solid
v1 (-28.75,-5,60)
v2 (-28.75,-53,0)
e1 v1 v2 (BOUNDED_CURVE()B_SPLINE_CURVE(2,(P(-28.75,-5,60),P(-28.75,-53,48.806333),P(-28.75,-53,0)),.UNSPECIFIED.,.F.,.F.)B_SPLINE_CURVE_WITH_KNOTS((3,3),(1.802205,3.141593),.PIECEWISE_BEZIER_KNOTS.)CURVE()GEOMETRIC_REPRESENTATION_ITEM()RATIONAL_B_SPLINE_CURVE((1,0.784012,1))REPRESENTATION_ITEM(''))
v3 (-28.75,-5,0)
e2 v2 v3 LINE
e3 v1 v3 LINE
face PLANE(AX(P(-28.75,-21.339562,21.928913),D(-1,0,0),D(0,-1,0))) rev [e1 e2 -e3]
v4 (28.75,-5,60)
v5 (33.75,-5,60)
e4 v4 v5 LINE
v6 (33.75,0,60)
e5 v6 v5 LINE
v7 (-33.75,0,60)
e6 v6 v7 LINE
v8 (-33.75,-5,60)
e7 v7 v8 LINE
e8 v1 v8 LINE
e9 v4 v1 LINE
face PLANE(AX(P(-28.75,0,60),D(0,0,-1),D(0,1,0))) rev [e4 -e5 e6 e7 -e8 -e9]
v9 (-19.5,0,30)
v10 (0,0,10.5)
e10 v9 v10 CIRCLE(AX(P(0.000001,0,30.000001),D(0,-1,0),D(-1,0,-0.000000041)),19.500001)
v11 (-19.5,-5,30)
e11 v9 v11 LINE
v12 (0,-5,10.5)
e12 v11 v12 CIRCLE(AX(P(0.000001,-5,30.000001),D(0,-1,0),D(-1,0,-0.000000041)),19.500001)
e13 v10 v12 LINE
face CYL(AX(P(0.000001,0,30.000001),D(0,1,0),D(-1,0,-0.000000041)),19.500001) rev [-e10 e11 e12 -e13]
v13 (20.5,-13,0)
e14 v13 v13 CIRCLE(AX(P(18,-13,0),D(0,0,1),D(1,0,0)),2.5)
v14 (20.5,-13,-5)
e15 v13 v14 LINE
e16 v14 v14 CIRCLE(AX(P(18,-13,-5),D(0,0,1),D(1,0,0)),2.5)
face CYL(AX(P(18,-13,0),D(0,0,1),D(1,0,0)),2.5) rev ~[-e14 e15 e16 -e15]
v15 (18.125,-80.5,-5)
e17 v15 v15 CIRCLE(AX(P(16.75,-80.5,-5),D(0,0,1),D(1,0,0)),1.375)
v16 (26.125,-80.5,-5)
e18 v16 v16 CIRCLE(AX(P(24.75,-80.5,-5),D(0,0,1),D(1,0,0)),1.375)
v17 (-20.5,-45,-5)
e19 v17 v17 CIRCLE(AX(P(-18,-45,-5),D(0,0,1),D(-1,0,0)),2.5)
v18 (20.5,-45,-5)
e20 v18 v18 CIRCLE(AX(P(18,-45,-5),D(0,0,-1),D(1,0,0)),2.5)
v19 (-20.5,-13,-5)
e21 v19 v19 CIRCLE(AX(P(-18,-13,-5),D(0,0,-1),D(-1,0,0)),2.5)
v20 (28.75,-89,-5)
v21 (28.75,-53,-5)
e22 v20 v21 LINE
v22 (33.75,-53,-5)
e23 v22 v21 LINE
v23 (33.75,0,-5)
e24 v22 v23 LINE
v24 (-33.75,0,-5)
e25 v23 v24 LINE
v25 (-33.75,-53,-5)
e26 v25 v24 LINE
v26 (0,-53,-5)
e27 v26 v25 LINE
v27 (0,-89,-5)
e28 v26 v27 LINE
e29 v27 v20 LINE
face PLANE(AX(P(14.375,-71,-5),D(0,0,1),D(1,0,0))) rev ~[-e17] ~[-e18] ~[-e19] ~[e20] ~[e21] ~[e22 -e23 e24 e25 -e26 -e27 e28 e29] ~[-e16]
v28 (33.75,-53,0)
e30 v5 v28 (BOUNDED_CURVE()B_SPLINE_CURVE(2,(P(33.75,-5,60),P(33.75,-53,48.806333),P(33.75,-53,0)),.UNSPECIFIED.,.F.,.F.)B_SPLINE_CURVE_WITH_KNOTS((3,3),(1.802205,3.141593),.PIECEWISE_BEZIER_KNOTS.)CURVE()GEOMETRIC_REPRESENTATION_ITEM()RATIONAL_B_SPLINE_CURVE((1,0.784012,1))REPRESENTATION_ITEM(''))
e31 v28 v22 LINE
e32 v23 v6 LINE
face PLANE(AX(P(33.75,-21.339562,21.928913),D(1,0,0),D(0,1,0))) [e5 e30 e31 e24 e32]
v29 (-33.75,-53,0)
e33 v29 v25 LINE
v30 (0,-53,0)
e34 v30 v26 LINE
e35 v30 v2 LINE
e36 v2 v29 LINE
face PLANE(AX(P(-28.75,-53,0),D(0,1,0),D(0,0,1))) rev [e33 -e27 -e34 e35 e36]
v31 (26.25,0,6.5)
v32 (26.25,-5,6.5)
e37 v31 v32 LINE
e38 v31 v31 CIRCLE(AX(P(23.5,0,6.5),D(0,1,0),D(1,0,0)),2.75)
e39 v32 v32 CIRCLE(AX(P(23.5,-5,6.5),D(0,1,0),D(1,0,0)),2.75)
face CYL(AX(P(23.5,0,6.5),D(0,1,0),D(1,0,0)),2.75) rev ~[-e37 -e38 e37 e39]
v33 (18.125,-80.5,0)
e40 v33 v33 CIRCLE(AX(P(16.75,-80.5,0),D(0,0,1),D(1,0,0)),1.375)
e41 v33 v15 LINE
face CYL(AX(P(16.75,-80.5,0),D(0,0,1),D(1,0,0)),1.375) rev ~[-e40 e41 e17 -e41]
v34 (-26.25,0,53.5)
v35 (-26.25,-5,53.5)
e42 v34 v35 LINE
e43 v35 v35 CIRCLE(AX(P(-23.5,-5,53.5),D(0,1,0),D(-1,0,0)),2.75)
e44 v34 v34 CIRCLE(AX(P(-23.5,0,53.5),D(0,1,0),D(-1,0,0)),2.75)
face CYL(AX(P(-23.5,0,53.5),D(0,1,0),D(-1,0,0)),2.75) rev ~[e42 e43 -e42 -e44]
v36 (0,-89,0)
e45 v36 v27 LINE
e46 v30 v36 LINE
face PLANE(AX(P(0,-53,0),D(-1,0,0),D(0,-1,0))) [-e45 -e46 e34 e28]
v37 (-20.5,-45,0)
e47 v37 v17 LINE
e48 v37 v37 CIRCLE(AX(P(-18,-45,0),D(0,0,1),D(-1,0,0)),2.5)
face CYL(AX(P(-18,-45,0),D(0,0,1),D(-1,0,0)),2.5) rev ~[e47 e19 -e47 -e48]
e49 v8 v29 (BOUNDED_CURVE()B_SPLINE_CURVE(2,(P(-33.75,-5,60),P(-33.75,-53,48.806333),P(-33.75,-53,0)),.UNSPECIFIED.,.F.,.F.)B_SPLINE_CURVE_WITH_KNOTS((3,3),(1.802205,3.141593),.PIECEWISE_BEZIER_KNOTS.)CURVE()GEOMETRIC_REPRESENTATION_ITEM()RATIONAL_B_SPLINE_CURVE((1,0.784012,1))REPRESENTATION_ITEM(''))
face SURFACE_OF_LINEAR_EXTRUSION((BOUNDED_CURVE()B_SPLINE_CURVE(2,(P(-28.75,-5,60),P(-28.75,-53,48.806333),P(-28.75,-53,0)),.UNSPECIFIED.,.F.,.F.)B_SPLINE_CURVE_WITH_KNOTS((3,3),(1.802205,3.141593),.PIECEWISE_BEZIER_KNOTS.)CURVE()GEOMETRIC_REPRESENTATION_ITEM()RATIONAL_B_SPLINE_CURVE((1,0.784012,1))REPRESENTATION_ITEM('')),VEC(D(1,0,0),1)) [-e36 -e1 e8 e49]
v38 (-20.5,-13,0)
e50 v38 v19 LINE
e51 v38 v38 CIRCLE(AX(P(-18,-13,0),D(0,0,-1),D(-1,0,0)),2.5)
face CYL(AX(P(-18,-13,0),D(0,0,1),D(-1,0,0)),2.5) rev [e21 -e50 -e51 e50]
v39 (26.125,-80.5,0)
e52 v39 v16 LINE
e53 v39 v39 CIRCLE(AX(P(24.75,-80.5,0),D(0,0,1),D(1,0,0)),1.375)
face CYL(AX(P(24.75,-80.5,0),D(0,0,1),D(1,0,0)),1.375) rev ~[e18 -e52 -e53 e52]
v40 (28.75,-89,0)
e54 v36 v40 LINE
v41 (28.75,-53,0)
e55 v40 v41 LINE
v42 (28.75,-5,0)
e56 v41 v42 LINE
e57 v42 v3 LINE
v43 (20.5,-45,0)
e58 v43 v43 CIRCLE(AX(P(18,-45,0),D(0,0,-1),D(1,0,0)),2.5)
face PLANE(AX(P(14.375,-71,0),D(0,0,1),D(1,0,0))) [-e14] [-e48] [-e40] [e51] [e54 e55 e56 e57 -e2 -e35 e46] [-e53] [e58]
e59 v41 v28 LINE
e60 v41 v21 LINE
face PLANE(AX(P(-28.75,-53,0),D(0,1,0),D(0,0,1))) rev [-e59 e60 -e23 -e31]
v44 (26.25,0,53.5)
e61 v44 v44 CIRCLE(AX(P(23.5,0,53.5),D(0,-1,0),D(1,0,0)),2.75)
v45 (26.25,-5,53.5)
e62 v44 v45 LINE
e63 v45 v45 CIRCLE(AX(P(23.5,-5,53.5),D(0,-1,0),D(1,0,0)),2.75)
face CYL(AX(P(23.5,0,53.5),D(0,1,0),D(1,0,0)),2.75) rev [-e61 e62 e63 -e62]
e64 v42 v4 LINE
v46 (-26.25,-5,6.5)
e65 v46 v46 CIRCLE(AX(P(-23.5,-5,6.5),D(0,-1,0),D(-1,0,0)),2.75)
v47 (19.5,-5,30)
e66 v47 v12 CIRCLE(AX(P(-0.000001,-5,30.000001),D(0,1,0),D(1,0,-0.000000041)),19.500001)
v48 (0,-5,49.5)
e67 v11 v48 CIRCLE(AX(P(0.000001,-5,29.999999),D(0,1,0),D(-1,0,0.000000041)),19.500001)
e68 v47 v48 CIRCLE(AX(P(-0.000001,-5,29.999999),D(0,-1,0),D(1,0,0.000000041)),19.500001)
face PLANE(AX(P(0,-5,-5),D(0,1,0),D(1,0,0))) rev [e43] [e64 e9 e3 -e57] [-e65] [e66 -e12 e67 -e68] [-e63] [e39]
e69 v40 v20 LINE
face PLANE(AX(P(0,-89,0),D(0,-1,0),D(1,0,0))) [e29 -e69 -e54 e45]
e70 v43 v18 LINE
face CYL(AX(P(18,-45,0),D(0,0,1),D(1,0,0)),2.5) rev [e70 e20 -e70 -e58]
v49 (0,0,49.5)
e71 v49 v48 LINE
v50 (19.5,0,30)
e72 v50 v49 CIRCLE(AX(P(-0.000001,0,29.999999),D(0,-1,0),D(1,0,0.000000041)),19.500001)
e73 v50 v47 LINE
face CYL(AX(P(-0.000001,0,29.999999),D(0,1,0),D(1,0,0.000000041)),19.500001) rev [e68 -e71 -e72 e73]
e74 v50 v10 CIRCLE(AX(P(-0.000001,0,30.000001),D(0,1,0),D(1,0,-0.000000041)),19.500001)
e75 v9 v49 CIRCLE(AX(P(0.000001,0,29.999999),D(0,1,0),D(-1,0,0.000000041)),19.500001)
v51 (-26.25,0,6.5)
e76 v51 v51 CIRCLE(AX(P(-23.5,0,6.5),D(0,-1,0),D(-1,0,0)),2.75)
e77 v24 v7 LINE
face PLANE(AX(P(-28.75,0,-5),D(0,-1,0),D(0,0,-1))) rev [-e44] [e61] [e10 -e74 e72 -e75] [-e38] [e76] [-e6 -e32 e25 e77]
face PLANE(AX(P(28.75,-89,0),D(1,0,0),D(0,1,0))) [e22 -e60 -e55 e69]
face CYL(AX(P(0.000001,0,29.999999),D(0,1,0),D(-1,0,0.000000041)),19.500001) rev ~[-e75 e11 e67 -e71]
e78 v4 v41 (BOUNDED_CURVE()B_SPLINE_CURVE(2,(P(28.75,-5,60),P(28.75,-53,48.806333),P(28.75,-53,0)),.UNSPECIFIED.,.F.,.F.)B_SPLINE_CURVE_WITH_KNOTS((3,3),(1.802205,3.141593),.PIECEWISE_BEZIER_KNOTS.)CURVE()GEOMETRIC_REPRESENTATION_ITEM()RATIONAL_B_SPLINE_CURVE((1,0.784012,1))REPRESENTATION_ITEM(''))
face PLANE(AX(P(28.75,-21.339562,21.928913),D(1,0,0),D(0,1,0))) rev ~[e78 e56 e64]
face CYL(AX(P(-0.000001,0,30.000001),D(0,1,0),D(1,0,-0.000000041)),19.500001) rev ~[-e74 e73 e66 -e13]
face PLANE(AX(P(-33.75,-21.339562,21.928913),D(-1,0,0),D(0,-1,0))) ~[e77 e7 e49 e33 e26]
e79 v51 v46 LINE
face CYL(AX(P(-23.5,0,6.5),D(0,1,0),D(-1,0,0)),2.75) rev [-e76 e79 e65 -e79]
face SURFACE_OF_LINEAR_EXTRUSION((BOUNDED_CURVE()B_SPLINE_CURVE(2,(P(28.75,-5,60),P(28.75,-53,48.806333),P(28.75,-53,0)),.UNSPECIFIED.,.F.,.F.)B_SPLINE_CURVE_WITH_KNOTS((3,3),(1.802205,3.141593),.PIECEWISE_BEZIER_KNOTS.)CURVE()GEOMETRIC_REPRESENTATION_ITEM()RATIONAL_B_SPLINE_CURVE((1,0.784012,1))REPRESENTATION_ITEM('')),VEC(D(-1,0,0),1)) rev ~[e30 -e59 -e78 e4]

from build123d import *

# Parameters (mm, degrees)
SKETCH006_R                = 2.75
PAD003_DEPTH               = 5
SKETCH006_MIRRORED003_2_R  = 2.75
PAD003_MIRRORED003_2_DEPTH = 5
BOX_W                      = 32.75
BOX_H                      = 5
BOX_DEPTH                  = 5
SKETCH007_W                = 28.75
SKETCH007_H                = 24
SKETCH007_R                = 2.5
PAD004_DEPTH               = 5
SKETCH007_MIRRORED006_2_W  = 28.75
SKETCH007_MIRRORED006_2_H  = 24
SKETCH007_MIRRORED006_2_R  = 2.5
PAD004_MIRRORED006_2_DEPTH = 5
PAD005_DEPTH               = 5
SKETCH009_R                = 1.375
PAD006_DEPTH               = 5


with BuildPart() as part:
    # Sketch006 → Pad003 (new body)
    with BuildSketch(Plane(origin=(0, 0, 30), x_dir=(1, 0, 0), z_dir=(0, -1, 0))):
        with BuildLine():
            ThreePointArc((19.5, 0), (13.788582, 13.788582), (0, 19.5))
            Line((0, 19.5), (0, 30))
            Line((28.75, 30), (0, 30))
            Line((28.75, 30), (28.75, 0))
            Line((19.5, 0), (28.75, 0))
        make_face()
        with Locations((23.5, 23.5)):
            Circle(SKETCH006_R, mode=Mode.SUBTRACT)
    pad003 = extrude(amount=PAD003_DEPTH)

    # Sketch006 Mirrored003 2 → Pad003 Mirrored003 2 (add)
    with BuildSketch(Plane(origin=(0, 0, 30), x_dir=(-1, 0, 0), z_dir=(0, 1, 0))):
        with BuildLine():
            ThreePointArc((19.5, 0), (13.788582, 13.788582), (0, 19.5))
            Line((0, 19.5), (0, 30))
            Line((28.75, 30), (0, 30))
            Line((28.75, 30), (28.75, 0))
            Line((19.5, 0), (28.75, 0))
        make_face()
        with Locations((23.5, 23.5)):
            Circle(SKETCH006_MIRRORED003_2_R, mode=Mode.SUBTRACT)
    pad003_mirrored003_2 = extrude(amount=-PAD003_MIRRORED003_2_DEPTH)

    # Mirrored004: Pad003, Pad003 Mirrored003 2 across Sketch006 H_Axis
    add(pad003.mirror(Plane(origin=(0, 0, 30), x_dir=(0, -1, 0), z_dir=(0, 0, 1))))
    add(pad003_mirrored003_2.mirror(Plane(origin=(0, 0, 30), x_dir=(0, -1, 0), z_dir=(0, 0, 1))))

    # Box → Box (join)
    with BuildSketch(Plane(origin=(0, -5, -5), x_dir=(1, 0, 0), z_dir=(0, 0, 1))):
        with Locations((16.375, 2.5)):
            Rectangle(BOX_W, BOX_H)
    box = extrude(amount=BOX_DEPTH)

    # Mirrored005: Box across YZ
    add(box.mirror(Plane.YZ))

    # Sketch007 → Pad004 (join)
    with BuildSketch(Plane(origin=(0, -29, 0), x_dir=(1, 0, 0), z_dir=(0, 0, 1))):
        with Locations((14.375, 12)):
            Rectangle(SKETCH007_W, SKETCH007_H)
        with Locations((18, 16)):
            Circle(SKETCH007_R, mode=Mode.SUBTRACT)
    pad004 = extrude(amount=-PAD004_DEPTH)

    # Sketch007 Mirrored006 2 → Pad004 Mirrored006 2 (add)
    with BuildSketch(Plane(origin=(0, -29, 0), x_dir=(-1, 0, 0), z_dir=(0, 0, -1))):
        with Locations((14.375, 12)):
            Rectangle(SKETCH007_MIRRORED006_2_W, SKETCH007_MIRRORED006_2_H)
        with Locations((18, 16)):
            Circle(SKETCH007_MIRRORED006_2_R, mode=Mode.SUBTRACT)
    pad004_mirrored006_2 = extrude(amount=PAD004_MIRRORED006_2_DEPTH)

    # Mirrored007: Pad004, Pad004 Mirrored006 2 across Sketch007 H_Axis
    add(pad004.mirror(Plane.ZX.offset(-29)))
    add(pad004_mirrored006_2.mirror(Plane.ZX.offset(-29)))

    # Sketch008 → Pad005 (join)
    with BuildSketch(Plane.YZ.offset(28.75)):
        with BuildLine():
            Line((0, 60), (-5, 60))
            add(Edge.make_bspline(
                [(-5, 60), (-53, 48.806333), (-53, 0)],
                knots=[1.802205, 1.802205, 1.802205, 3.141593, 3.141593, 3.141593], degree=2, weights=[1, 0.784012, 1]))
            Line((-53, 0), (-53, -5))
            Line((-53, -5), (0, -5))
            Line((0, -5), (0, 60))
        make_face()
    pad005 = extrude(amount=PAD005_DEPTH)

    # Mirrored008: Pad005 across YZ
    add(pad005.mirror(Plane.YZ))

    # Sketch009 → Pad006 (join)
    with BuildSketch(Plane.XY):
        Polygon((28.75, -72), (28.75, -53), (0, -53), (0, -72), (0, -89), (28.75, -89), (28.75, -80.5), align=None)
        with Locations((24.75, -80.5)):
            Circle(SKETCH009_R, mode=Mode.SUBTRACT)
        with Locations((16.75, -80.5)):
            Circle(SKETCH009_R, mode=Mode.SUBTRACT)
    extrude(amount=-PAD006_DEPTH)


solid = part.part
